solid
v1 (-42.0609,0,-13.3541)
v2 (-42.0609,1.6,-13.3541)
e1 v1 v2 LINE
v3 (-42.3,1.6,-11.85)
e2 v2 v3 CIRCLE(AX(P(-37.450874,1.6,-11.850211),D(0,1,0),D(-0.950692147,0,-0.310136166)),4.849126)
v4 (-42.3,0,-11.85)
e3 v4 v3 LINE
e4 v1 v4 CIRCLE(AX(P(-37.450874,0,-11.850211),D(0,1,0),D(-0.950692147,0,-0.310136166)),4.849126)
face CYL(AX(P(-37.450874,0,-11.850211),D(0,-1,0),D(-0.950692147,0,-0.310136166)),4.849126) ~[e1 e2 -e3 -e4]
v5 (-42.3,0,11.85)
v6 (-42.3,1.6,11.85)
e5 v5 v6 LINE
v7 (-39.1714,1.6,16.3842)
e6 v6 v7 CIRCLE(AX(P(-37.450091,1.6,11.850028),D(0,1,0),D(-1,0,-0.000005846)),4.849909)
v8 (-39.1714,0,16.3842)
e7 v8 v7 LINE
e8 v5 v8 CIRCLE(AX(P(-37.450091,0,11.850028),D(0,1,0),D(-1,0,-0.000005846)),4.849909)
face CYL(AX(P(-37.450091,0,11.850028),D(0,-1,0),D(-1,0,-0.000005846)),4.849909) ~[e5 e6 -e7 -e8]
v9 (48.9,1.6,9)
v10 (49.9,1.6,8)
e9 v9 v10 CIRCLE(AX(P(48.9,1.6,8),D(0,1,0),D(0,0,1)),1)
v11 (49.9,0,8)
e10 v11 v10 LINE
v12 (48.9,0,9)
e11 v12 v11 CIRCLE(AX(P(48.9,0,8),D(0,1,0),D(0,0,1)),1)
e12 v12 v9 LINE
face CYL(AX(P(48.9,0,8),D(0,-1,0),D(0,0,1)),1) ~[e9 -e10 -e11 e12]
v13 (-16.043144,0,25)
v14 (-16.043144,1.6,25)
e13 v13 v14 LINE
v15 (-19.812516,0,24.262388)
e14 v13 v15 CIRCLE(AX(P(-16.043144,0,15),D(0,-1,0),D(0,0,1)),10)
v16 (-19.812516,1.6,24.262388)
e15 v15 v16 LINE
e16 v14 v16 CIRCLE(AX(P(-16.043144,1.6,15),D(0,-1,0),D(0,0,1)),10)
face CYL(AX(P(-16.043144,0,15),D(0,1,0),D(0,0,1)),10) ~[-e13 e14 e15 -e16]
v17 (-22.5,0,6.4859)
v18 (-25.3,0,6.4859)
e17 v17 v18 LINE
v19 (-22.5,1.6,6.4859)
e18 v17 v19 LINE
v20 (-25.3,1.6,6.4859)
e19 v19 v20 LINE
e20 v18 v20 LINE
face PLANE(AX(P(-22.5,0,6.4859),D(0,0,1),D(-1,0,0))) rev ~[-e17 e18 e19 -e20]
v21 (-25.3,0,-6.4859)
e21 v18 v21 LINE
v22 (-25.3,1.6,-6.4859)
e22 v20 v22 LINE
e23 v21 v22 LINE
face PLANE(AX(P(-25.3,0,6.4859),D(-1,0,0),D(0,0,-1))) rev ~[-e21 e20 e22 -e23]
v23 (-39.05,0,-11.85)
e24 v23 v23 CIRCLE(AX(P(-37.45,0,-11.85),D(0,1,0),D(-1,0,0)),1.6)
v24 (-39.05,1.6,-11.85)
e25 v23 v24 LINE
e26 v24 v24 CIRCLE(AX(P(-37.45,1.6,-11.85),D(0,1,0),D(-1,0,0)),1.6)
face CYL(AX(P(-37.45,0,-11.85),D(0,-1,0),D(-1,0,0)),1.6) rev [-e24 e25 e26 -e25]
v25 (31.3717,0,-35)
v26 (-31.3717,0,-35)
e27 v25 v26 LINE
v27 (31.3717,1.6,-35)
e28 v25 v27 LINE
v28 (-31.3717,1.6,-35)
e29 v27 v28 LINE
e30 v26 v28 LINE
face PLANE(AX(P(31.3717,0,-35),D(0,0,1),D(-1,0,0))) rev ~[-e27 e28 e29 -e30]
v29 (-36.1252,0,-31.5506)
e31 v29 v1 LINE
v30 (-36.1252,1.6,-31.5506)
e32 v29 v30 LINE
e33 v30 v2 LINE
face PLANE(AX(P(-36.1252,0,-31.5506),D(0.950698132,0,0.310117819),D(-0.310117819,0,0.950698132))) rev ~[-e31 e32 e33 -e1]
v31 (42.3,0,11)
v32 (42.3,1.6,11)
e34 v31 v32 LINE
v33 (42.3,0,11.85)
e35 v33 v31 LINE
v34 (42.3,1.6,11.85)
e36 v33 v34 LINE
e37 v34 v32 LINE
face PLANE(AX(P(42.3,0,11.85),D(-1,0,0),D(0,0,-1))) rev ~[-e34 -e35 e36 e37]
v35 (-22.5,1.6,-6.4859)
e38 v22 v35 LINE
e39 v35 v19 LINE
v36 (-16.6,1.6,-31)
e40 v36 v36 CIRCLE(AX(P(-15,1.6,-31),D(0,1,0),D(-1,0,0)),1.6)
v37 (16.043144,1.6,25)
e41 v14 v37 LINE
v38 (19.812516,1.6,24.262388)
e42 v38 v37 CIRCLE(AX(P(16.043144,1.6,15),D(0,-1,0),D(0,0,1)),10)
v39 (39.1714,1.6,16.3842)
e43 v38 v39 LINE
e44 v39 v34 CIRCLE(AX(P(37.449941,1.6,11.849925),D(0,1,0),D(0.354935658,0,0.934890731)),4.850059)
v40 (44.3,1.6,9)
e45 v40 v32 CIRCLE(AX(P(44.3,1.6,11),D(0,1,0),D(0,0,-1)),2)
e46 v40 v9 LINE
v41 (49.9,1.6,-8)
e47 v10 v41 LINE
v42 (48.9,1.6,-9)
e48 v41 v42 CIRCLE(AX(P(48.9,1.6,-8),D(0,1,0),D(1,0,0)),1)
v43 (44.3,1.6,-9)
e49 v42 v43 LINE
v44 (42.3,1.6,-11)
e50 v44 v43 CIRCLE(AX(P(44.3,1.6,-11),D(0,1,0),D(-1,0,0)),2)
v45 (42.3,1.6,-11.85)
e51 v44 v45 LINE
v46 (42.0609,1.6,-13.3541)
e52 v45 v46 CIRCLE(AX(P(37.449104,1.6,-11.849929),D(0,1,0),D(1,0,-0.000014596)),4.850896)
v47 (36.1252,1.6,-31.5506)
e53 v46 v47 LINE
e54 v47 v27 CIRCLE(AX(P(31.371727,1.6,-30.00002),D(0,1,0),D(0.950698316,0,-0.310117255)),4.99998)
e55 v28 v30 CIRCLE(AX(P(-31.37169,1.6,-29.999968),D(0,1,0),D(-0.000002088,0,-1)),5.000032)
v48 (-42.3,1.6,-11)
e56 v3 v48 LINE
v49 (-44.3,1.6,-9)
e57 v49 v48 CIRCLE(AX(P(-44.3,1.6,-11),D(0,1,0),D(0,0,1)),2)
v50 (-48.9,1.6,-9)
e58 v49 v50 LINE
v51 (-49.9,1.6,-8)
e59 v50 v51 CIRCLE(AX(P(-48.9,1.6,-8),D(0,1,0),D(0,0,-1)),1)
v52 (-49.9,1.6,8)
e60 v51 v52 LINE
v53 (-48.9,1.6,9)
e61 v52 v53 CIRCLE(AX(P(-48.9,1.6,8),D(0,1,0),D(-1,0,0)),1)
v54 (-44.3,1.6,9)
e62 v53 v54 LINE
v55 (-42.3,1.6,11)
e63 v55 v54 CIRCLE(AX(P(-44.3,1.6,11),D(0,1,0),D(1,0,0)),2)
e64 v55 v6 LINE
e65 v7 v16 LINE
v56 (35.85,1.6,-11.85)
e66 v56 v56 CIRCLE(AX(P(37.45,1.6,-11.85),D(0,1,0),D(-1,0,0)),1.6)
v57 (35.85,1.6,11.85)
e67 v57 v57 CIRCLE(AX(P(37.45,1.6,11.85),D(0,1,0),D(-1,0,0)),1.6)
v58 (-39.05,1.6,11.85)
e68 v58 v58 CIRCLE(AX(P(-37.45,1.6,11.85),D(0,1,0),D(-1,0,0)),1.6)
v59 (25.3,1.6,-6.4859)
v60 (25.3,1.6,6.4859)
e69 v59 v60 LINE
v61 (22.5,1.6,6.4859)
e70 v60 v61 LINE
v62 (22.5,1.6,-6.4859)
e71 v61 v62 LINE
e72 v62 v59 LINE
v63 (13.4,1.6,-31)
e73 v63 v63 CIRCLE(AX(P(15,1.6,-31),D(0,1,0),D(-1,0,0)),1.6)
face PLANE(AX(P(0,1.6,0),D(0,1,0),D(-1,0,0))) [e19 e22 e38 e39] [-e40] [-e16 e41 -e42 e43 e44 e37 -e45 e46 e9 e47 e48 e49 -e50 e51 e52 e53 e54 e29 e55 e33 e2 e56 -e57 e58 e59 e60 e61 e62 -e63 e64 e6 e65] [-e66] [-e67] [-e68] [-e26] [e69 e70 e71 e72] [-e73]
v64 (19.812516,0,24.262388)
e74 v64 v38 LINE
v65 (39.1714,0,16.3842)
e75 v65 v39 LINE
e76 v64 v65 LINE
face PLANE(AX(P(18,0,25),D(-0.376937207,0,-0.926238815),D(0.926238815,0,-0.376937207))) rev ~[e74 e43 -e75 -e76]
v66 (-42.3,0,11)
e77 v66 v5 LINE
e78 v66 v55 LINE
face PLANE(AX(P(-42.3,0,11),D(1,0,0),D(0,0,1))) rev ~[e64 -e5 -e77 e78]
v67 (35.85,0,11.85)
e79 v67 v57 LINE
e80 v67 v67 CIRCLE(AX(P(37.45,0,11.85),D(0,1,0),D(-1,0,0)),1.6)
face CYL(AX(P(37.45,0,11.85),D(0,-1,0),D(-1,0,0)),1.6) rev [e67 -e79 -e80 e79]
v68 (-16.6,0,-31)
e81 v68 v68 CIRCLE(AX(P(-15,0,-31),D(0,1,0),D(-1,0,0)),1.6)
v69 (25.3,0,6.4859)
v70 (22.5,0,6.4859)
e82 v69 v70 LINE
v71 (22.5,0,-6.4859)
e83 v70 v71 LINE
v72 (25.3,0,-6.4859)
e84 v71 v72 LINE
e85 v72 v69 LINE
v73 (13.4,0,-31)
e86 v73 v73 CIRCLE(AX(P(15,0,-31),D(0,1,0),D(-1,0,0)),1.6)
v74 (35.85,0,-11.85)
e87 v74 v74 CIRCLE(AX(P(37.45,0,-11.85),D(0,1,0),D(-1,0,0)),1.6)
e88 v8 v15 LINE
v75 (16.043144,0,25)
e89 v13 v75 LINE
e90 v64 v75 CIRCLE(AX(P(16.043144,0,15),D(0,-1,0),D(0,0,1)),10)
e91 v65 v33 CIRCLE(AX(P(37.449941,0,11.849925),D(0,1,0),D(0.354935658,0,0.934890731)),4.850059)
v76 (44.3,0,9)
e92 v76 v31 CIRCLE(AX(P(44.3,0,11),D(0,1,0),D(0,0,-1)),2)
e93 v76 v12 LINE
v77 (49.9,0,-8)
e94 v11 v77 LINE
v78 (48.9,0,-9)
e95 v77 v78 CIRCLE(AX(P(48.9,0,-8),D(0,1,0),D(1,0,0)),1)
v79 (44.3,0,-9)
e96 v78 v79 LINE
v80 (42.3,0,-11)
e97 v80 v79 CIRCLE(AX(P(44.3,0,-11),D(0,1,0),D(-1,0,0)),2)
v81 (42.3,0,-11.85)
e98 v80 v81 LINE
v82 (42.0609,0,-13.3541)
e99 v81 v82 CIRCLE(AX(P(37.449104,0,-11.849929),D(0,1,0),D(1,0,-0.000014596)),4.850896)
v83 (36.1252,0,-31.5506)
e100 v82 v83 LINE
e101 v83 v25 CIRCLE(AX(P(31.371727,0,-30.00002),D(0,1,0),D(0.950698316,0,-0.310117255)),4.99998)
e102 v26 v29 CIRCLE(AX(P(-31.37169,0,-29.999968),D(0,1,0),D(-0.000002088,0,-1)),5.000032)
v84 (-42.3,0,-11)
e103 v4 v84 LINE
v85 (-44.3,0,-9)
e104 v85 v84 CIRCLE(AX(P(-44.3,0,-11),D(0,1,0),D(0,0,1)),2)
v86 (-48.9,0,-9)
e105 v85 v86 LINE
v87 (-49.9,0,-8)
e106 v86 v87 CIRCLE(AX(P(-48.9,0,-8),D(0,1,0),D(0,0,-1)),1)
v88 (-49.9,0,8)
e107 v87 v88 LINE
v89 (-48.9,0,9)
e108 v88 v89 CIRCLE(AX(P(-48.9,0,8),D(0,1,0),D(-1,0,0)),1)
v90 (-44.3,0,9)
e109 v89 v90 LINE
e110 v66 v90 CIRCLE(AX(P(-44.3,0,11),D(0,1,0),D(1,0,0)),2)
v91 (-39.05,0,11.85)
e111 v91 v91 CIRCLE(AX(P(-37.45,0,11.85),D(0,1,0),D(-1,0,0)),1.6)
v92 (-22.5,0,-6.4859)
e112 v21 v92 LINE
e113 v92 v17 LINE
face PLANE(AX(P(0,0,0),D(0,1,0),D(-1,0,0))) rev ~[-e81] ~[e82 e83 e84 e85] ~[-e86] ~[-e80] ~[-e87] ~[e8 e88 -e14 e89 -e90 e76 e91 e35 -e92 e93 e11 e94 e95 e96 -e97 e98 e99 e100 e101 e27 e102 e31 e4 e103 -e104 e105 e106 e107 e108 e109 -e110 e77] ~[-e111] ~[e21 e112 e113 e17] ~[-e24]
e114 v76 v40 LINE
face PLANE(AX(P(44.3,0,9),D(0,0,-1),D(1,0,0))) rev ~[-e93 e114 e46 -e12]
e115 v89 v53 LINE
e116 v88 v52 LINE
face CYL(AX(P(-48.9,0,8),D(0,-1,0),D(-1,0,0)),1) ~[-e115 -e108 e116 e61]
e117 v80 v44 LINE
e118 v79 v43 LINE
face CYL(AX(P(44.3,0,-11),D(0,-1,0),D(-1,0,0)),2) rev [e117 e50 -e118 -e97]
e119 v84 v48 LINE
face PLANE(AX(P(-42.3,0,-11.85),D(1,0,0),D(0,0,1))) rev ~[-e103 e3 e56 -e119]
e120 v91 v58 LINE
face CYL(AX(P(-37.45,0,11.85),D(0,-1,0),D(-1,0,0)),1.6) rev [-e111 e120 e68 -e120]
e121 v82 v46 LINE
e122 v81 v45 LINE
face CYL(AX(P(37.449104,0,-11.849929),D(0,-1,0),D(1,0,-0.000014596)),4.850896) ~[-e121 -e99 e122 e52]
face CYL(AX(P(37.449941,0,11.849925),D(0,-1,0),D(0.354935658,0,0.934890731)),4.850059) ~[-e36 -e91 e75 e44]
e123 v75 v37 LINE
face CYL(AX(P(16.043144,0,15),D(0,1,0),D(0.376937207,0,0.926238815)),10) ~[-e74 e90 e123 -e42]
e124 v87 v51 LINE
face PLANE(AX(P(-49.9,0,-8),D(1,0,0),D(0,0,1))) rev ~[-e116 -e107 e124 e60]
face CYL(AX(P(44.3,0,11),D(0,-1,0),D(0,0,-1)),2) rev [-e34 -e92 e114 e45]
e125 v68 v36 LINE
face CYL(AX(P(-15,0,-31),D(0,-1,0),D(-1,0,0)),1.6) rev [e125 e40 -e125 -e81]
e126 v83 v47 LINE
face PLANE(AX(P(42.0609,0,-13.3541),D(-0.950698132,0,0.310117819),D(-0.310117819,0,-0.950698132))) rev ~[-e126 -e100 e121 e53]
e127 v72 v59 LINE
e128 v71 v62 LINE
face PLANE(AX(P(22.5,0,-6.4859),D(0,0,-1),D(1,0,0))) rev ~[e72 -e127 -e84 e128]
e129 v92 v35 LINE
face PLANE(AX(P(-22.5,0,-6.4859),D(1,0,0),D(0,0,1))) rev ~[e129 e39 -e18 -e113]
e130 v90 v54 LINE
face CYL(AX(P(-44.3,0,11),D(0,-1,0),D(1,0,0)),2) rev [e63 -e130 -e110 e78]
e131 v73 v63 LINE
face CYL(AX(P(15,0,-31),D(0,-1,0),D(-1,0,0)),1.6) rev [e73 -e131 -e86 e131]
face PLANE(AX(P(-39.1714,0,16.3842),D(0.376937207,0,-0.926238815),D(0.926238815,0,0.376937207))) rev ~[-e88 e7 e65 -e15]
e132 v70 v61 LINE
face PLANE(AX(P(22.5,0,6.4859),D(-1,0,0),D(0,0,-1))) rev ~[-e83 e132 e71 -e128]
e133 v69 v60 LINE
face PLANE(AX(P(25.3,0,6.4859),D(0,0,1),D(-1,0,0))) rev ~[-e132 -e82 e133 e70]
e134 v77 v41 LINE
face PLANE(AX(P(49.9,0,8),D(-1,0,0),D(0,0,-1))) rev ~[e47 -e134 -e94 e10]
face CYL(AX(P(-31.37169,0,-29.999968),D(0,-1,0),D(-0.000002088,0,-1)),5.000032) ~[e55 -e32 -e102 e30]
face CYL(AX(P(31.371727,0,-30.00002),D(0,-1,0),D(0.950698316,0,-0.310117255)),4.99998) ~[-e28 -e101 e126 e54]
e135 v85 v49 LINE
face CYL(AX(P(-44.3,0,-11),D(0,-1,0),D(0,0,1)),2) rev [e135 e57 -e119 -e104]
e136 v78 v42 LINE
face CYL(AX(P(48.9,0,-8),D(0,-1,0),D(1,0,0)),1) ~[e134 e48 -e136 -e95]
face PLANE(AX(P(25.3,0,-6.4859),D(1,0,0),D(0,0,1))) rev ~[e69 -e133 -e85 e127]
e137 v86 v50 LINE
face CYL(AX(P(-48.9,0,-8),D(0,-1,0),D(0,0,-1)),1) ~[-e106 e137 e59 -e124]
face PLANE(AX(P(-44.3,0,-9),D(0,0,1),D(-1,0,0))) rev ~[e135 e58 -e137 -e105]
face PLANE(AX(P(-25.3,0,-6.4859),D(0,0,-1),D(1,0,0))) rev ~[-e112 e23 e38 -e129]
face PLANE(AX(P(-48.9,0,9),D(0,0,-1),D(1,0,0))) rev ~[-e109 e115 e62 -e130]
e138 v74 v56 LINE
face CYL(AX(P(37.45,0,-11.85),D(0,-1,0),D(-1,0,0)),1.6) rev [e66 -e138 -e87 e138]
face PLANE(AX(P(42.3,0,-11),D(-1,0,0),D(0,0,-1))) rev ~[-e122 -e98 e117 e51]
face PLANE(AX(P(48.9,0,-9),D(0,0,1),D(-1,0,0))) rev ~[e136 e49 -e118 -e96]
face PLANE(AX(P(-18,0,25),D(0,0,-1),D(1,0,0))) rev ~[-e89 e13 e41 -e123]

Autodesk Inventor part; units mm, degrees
ref_plane "YZ Plane" through (0, 0, 0) normal (1, 0, 0) x (0, 1, 0)
ref_plane "XZ Plane" through (0, 0, 0) normal (0, 1, 0) x (-1, 0, 0)
ref_plane "XY Plane" through (0, 0, 0) normal (0, 0, 1) x (1, 0, 0)
sketch "Szkic1" plane through (0, 0, 0) normal (0, 1, 0) x (-1, 0, 0)
  arc A0 (49.9, 8) -> (48.9, 9) centre (48.9, 8) ccw
  line L0 (48.9, 9) -> (44.3, 9)
  arc A1 (42.3, 11) -> (44.3, 9) centre (44.3, 11) ccw
  line L1 (42.3, 11) -> (42.3, 11.85)
  arc A2 (42.3, 11.85) -> (39.1714, 16.3842) centre (37.45, 11.85) ccw
  line L2 (39.1714, 16.3842) -> (18, 25)
  line L3 (18, 25) -> (-18, 25)
  line L4 (-18, 25) -> (-39.1714, 16.3842)
  arc A3 (-39.1714, 16.3842) -> (-42.3, 11.85) centre (-37.45, 11.85) ccw
  line L5 (-42.3, 11.85) -> (-42.3, 11)
  arc A4 (-44.3, 9) -> (-42.3, 11) centre (-44.3, 11) ccw
  line L6 (-44.3, 9) -> (-48.9, 9)
  arc A5 (-48.9, 9) -> (-49.9, 8) centre (-48.9, 8) ccw
  line L7 (-49.9, 8) -> (-49.9, -8)
  arc A6 (-49.9, -8) -> (-48.9, -9) centre (-48.9, -8) ccw
  line L8 (-48.9, -9) -> (-44.3, -9)
  arc A7 (-42.3, -11) -> (-44.3, -9) centre (-44.3, -11) ccw
  line L9 (-42.3, -11) -> (-42.3, -11.85)
  arc A8 (-42.3, -11.85) -> (-42.0609, -13.3541) centre (-37.45, -11.85) ccw
  line L10 (-42.0609, -13.3541) -> (-36.1252, -31.5506)
  arc A9 (-36.1252, -31.5506) -> (-31.3717, -35) centre (-31.3717, -30) ccw
  line L11 (-31.3717, -35) -> (31.3717, -35)
  arc A10 (31.3717, -35) -> (36.1252, -31.5506) centre (31.3717, -30) ccw
  line L12 (36.1252, -31.5506) -> (42.0609, -13.3541)
  arc A11 (42.0609, -13.3541) -> (42.3, -11.85) centre (37.45, -11.85) ccw
  line L13 (42.3, -11.85) -> (42.3, -11)
  arc A12 (44.3, -9) -> (42.3, -11) centre (44.3, -11) ccw
  line L14 (44.3, -9) -> (48.9, -9)
  arc A13 (48.9, -9) -> (49.9, -8) centre (48.9, -8) ccw
  line L15 (49.9, -8) -> (49.9, 8)
  line L16 (25.3, -6.4859) -> (22.5, -6.4859)
  line L17 (22.5, -6.4859) -> (22.5, 6.4859)
  line L18 (22.5, 6.4859) -> (25.3, 6.4859)
  line L19 (25.3, 6.4859) -> (25.3, -6.4859)
  circle A14 centre (37.45, 11.85) radius 1.6
  circle A15 centre (37.45, -11.85) radius 1.6
  circle A16 centre (15, -31) radius 1.6
  circle A17 centre (-15, -31) radius 1.6
  circle A18 centre (-37.45, 11.85) radius 1.6
  circle A19 centre (-37.45, -11.85) radius 1.6
  line L20 (-25.3, -6.4859) -> (-25.3, 6.4859)
  line L21 (-25.3, 6.4859) -> (-22.5, 6.4859)
  line L22 (-22.5, 6.4859) -> (-22.5, -6.4859)
  line L23 (-22.5, -6.4859) -> (-25.3, -6.4859)
  point P0 (0, 0)
  point P1 (0, 0)
  point P2 (0, -35)
  point P3 (0, 25)
  dimension "d0" = 36
  dimension "d1" = 60
extrude "Wyciągnięcie proste1" add sketch "Szkic1" along normal blind 1.6
fillet "Zaokrąglenie1" radius 10 2 edges at (-18, 0.8, 25) (18, 0.8, 25)
sketch "Szkic2" plane through (0, 1.6, 0) normal (0, 1, 0) x (1, 0, 0)
  arc A0 (16.0432, -25) -> (19.8125, -24.2624) centre (16.0432, -15) ccw projected
  line L0 (19.8125, -24.2624) -> (39.1714, -16.3842) projected
  arc A1 (39.1714, -16.3842) -> (42.3, -11.85) centre (37.45, -11.85) ccw projected
  line L1 (42.3, -11.85) -> (42.3, -11) projected
  arc A2 (44.3, -9) -> (42.3, -11) centre (44.3, -11) ccw projected
  line L2 (44.3, -9) -> (48.9, -9) projected
  arc A3 (48.9, -9) -> (49.9, -8) centre (48.9, -8) ccw projected
  line L3 (49.9, -8) -> (49.9, 8) projected
  arc A4 (49.9, 8) -> (48.9, 9) centre (48.9, 8) ccw projected
  line L4 (48.9, 9) -> (44.3, 9) projected
  arc A5 (42.3, 11) -> (44.3, 9) centre (44.3, 11) ccw projected
  line L5 (42.3, 11) -> (42.3, 11.85) projected
  arc A6 (42.3, 11.85) -> (42.0609, 13.3541) centre (37.45, 11.85) ccw projected
  line L6 (42.0609, 13.3541) -> (36.1252, 31.5506) projected
  arc A7 (36.1252, 31.5506) -> (31.3717, 35) centre (31.3717, 30) ccw projected
  line L7 (31.3717, 35) -> (-31.3717, 35) projected
  arc A8 (-31.3717, 35) -> (-36.1252, 31.5506) centre (-31.3717, 30) ccw projected
  line L8 (-36.1252, 31.5506) -> (-42.0609, 13.3541) projected
  arc A9 (-42.0609, 13.3541) -> (-42.3, 11.85) centre (-37.45, 11.85) ccw projected
  line L9 (-42.3, 11.85) -> (-42.3, 11) projected
  arc A10 (-44.3, 9) -> (-42.3, 11) centre (-44.3, 11) ccw projected
  line L10 (-44.3, 9) -> (-48.9, 9) projected
  arc A11 (-48.9, 9) -> (-49.9, 8) centre (-48.9, 8) ccw projected
  line L11 (-49.9, 8) -> (-49.9, -8) projected
  arc A12 (-49.9, -8) -> (-48.9, -9) centre (-48.9, -8) ccw projected
  line L12 (-48.9, -9) -> (-44.3, -9) projected
  arc A13 (-42.3, -11) -> (-44.3, -9) centre (-44.3, -11) ccw projected
  line L13 (-42.3, -11) -> (-42.3, -11.85) projected
  arc A14 (-42.3, -11.85) -> (-39.1714, -16.3842) centre (-37.45, -11.85) ccw projected
  line L14 (-39.1714, -16.3842) -> (-19.8125, -24.2624) projected
  arc A15 (-19.8125, -24.2624) -> (-16.0432, -25) centre (-16.0432, -15) ccw projected
  line L15 (-16.0432, -25) -> (16.0432, -25) projected
  circle A16 centre (-37.45, -11.85) radius 1.6 projected
  circle A17 centre (37.45, -11.85) radius 1.6 projected
  circle A18 centre (15, 31) radius 1.6 projected
  circle A19 centre (-15, 31) radius 1.6 projected
  circle A20 centre (-37.45, 11.85) radius 1.6 projected
  circle A21 centre (37.45, 11.85) radius 1.6 projected
  line L16 (22.5, -6.4859) -> (22.5, 6.4859) projected
  line L17 (22.5, 6.4859) -> (25.3, 6.4859) projected
  line L18 (25.3, 6.4859) -> (25.3, -6.4859) projected
  line L19 (25.3, -6.4859) -> (22.5, -6.4859) projected
  line L20 (-22.5, -6.4859) -> (-25.3, -6.4859) projected
  line L21 (-25.3, -6.4859) -> (-25.3, 6.4859) projected
  line L22 (-25.3, 6.4859) -> (-22.5, 6.4859) projected
  line L23 (-22.5, 6.4859) -> (-22.5, -6.4859) projected
  point P0 (0, 0)
properties part number "plytka_glowna_v3"
